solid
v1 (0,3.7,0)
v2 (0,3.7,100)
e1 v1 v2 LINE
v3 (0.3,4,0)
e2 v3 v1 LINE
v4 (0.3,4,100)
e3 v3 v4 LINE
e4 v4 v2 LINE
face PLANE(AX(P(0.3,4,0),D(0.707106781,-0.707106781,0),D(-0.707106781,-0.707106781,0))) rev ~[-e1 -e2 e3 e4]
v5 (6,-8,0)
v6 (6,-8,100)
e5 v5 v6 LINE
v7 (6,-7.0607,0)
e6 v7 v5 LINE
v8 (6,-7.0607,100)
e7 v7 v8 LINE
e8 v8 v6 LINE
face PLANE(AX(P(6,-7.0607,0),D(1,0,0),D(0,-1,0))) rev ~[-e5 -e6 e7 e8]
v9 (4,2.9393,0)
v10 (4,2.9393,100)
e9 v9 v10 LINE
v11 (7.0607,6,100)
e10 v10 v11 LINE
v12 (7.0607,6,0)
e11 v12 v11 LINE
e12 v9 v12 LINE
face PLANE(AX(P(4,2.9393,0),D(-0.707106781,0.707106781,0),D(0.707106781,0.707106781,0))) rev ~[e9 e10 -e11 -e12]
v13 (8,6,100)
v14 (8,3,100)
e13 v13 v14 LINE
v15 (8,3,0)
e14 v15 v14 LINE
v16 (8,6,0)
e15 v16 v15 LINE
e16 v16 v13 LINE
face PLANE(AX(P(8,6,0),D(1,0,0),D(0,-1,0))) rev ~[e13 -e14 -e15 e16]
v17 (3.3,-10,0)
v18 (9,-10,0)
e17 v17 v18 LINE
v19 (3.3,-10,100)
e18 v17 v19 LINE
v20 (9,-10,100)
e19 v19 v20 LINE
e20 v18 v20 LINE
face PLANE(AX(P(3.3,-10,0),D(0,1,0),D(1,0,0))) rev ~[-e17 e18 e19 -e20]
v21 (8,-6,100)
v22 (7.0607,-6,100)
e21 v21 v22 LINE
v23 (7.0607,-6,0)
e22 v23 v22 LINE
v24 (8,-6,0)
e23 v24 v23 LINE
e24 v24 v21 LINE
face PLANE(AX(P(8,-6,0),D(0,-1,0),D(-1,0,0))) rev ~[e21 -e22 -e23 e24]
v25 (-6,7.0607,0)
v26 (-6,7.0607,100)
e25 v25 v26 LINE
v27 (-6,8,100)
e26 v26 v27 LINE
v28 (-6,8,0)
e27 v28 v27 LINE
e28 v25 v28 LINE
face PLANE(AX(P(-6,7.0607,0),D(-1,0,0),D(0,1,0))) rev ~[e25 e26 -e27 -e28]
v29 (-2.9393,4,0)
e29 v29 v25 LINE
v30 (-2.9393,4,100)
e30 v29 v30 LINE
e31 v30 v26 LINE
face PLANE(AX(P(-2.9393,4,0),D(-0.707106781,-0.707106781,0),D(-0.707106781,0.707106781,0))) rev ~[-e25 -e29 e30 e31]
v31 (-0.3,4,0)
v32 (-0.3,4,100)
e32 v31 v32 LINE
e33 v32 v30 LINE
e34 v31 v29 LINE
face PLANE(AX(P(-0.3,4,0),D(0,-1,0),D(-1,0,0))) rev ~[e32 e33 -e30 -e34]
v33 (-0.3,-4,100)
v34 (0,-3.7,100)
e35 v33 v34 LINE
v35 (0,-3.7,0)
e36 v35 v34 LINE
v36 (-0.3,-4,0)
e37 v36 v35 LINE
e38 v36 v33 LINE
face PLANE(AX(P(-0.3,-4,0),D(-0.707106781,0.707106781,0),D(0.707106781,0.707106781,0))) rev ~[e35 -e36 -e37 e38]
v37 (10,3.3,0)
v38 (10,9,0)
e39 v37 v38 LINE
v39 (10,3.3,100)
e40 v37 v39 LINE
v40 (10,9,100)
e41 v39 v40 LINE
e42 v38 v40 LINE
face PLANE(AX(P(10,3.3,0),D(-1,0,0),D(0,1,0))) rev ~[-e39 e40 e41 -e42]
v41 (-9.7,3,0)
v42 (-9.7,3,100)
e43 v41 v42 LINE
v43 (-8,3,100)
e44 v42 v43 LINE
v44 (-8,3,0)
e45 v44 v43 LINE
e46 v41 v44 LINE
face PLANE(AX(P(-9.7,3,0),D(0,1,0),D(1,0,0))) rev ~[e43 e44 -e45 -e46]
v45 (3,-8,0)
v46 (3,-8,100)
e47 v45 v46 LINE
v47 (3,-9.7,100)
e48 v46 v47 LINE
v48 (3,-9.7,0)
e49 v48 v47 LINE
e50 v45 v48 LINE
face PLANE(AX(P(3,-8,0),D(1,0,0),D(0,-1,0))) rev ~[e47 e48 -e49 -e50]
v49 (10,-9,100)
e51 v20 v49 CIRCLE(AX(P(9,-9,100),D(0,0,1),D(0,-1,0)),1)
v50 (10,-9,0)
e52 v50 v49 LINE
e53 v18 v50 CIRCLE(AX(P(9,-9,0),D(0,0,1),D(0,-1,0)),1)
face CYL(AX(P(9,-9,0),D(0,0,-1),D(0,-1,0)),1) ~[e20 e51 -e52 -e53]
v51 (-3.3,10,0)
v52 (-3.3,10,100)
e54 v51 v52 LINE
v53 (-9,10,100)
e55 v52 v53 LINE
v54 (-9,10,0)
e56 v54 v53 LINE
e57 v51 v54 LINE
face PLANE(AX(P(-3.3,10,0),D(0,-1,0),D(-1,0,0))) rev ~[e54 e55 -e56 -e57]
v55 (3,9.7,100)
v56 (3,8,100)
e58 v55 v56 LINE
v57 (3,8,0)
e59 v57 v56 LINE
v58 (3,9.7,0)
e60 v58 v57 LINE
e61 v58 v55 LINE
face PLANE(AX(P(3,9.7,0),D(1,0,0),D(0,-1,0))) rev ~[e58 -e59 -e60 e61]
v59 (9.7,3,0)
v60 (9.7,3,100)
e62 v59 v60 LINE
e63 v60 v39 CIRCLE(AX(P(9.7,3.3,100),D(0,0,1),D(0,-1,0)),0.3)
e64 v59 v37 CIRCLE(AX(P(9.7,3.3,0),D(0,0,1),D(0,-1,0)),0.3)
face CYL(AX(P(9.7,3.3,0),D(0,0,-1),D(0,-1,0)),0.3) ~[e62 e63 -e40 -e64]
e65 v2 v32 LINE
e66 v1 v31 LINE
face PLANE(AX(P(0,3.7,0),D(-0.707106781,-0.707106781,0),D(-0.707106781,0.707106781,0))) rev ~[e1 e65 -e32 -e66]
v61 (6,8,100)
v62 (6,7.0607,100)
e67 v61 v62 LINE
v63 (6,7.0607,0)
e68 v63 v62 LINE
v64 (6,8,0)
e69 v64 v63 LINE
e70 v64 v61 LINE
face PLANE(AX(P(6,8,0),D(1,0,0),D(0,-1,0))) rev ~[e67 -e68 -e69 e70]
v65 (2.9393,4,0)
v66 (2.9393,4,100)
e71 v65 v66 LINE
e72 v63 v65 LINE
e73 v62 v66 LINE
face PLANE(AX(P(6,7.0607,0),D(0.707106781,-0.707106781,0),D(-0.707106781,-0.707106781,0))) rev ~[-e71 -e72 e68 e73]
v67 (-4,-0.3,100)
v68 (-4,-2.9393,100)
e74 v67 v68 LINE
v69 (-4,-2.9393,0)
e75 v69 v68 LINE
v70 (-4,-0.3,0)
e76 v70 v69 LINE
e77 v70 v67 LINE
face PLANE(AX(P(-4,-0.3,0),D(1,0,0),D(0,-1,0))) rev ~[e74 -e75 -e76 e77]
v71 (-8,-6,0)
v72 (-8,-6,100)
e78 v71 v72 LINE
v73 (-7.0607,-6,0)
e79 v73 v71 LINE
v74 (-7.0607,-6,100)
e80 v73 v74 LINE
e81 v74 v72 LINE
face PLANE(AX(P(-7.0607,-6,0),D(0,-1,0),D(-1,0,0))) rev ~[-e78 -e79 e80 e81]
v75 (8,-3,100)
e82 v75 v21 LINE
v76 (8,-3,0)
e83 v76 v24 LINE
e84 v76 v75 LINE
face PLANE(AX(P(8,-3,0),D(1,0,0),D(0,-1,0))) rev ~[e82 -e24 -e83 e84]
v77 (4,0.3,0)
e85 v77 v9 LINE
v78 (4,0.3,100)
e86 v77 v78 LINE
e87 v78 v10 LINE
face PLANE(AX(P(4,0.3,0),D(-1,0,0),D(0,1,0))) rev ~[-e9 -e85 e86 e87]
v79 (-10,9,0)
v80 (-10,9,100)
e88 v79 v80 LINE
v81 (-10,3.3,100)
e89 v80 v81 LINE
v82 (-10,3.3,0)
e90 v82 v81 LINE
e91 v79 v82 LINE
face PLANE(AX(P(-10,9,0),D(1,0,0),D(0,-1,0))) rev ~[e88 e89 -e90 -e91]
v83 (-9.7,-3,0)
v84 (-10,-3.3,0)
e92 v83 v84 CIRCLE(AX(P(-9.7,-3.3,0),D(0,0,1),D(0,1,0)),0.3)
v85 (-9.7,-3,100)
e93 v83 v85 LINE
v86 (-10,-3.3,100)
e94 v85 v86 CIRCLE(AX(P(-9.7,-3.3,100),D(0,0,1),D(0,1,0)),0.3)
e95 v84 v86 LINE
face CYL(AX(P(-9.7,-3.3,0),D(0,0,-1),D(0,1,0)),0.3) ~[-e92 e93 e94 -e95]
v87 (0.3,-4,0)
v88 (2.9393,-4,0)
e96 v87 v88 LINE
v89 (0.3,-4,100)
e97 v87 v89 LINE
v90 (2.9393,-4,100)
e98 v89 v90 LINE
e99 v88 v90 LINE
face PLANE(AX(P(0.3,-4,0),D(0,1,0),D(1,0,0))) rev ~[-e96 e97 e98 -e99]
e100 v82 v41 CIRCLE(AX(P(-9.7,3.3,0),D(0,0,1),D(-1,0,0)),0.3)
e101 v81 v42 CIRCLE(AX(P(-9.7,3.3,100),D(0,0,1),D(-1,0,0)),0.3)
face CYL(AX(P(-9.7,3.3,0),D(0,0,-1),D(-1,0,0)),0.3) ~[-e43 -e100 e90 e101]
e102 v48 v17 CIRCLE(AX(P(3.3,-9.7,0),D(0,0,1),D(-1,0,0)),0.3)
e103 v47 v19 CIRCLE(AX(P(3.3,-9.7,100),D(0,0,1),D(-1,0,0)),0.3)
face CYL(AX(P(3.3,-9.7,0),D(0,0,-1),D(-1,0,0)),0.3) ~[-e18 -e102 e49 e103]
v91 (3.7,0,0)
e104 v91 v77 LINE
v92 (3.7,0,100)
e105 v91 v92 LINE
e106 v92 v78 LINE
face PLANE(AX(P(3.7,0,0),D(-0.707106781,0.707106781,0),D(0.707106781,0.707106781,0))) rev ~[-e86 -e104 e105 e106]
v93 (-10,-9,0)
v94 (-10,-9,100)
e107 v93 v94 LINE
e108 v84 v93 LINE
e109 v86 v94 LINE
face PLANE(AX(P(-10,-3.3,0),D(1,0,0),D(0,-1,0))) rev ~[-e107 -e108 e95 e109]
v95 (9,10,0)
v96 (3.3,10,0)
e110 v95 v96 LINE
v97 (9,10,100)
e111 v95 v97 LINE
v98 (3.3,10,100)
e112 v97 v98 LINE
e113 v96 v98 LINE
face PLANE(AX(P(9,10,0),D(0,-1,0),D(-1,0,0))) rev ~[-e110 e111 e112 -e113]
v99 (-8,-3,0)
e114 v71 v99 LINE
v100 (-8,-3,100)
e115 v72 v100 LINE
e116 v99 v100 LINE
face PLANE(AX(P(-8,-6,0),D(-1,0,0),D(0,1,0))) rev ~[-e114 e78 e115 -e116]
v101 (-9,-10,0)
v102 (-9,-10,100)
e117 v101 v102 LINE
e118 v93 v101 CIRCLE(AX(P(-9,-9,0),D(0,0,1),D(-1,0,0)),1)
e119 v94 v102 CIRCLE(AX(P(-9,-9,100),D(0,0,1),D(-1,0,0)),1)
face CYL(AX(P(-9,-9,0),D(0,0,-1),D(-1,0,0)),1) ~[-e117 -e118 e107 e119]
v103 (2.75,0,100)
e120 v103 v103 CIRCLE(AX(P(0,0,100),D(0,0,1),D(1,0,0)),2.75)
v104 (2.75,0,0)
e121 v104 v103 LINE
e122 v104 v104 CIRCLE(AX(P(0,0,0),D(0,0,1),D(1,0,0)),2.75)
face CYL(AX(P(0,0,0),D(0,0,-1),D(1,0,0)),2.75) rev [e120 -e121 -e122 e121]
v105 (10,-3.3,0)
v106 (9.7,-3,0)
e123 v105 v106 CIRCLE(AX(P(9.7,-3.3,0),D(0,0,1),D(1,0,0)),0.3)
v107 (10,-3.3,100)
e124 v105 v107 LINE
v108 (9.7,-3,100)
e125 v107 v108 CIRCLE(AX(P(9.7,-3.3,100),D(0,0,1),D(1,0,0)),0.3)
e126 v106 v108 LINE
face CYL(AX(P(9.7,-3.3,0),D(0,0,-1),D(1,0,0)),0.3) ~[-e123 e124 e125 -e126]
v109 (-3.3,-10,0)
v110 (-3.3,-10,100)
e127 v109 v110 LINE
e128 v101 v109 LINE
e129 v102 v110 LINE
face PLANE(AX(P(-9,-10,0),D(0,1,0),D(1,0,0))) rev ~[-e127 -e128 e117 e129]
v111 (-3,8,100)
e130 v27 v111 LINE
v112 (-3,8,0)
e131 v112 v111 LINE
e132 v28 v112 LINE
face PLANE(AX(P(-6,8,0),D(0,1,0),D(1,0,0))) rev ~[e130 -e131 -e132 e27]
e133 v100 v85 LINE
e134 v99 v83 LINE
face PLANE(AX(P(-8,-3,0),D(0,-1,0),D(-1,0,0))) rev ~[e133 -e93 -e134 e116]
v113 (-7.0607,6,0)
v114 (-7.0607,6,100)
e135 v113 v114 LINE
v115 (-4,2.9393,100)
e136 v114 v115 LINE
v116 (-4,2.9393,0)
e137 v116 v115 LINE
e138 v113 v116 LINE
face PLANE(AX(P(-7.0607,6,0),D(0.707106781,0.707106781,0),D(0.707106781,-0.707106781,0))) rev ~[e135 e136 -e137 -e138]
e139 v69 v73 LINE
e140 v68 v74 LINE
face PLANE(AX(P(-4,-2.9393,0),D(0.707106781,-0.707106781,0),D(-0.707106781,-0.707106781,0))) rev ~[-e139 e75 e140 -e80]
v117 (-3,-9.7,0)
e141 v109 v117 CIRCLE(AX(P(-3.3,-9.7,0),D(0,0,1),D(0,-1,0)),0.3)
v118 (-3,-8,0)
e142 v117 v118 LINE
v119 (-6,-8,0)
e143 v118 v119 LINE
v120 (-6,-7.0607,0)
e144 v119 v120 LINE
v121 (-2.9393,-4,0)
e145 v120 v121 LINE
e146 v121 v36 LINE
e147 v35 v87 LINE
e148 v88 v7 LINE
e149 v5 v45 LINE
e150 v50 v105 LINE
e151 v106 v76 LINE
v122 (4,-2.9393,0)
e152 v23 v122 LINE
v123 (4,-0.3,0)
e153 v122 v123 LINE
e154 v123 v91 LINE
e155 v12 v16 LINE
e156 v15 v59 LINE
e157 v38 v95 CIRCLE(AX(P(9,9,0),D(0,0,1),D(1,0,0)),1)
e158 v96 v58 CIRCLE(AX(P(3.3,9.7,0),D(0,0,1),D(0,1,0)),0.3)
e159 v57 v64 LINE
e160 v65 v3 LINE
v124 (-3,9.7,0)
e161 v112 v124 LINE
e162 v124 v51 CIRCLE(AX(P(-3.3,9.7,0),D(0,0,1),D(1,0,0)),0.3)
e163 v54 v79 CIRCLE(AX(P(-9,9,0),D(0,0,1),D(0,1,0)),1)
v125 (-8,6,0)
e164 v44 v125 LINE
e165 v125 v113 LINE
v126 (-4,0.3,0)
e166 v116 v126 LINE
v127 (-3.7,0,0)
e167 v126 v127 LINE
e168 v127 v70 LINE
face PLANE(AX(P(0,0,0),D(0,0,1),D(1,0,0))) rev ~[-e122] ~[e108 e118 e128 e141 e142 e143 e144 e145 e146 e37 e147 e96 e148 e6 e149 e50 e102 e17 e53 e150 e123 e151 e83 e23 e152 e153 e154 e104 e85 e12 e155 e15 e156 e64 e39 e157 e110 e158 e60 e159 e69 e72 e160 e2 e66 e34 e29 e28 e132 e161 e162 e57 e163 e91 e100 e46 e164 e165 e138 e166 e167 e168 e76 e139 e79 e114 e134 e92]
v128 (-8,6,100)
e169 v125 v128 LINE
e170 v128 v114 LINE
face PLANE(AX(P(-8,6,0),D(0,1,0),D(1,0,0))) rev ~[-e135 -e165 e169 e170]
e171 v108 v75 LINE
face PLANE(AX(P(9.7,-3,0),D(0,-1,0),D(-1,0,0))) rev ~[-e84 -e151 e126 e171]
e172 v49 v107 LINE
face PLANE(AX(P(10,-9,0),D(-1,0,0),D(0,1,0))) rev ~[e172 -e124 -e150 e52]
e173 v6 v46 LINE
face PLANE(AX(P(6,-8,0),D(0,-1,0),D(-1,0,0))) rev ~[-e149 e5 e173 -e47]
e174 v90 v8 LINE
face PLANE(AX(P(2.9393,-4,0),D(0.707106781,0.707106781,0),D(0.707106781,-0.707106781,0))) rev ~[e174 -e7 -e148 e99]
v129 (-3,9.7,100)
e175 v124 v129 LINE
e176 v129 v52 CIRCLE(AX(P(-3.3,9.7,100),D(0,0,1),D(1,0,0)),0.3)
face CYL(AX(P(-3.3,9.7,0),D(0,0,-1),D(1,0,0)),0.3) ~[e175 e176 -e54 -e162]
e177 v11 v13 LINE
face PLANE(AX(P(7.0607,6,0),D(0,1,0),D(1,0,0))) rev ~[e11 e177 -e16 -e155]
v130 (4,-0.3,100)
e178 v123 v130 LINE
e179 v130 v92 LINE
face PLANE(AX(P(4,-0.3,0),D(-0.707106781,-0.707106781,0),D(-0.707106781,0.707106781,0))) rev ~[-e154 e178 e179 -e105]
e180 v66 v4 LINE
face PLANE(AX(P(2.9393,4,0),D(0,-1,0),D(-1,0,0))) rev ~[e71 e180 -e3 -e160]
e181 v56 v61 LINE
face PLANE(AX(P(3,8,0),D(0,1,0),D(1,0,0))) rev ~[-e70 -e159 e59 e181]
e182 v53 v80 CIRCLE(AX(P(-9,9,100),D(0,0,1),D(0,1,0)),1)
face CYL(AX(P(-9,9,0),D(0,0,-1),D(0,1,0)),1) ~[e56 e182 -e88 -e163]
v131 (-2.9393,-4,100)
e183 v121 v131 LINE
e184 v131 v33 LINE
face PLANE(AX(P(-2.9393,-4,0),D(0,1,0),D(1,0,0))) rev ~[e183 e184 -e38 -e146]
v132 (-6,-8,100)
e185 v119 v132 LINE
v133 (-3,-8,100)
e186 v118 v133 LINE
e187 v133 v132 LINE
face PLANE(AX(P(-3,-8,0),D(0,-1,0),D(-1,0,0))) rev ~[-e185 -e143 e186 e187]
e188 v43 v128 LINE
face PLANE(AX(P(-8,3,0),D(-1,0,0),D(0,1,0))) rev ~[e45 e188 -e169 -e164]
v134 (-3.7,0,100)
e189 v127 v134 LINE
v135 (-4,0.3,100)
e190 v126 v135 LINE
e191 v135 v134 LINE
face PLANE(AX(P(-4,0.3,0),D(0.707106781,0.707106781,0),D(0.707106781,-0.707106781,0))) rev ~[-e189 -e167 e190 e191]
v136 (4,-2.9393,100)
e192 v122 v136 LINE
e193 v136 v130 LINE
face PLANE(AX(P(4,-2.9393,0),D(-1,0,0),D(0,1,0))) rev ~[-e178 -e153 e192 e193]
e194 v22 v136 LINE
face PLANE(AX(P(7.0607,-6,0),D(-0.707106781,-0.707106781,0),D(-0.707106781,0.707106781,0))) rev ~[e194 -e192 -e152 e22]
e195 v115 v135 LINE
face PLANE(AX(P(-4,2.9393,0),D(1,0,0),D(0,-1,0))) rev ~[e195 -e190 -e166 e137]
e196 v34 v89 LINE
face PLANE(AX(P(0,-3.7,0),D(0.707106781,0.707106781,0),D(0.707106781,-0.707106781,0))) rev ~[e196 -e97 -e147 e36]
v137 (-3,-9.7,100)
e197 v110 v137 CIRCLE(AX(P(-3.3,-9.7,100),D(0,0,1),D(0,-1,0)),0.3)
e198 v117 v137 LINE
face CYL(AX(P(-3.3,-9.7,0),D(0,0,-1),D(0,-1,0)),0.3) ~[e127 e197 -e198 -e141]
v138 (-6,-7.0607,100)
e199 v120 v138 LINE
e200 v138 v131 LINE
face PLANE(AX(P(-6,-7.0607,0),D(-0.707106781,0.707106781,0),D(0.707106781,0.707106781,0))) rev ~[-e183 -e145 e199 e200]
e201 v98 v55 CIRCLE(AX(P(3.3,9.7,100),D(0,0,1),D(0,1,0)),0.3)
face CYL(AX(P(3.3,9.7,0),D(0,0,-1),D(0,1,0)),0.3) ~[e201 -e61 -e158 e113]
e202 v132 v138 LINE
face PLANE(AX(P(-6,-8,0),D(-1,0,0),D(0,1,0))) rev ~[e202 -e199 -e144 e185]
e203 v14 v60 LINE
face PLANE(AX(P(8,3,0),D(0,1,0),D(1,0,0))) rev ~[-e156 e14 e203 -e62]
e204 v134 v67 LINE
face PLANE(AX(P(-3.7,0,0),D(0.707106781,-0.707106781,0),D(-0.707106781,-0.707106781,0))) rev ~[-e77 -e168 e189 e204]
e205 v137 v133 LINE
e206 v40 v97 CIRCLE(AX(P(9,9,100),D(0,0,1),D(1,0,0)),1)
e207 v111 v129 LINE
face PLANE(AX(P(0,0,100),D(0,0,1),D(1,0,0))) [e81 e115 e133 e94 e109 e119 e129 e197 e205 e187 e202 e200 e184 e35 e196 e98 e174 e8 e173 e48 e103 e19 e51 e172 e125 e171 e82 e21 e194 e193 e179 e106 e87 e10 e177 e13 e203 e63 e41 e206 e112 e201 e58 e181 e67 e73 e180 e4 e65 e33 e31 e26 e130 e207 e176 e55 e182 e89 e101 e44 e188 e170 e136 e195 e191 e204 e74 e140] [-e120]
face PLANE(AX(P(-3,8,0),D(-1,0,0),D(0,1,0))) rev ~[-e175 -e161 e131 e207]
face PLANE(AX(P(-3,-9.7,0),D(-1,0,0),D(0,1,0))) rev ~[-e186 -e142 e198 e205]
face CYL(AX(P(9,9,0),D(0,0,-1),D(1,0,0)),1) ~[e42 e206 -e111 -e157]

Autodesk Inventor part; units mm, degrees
ref_plane "Startebene" through (0, 0, 0) normal (0, 0, 1) x (1, 0, 0)
ref_plane "Endebene" through (0, 0, 320) normal (0, 0, 1) x (1, 0, 0)
ref_plane "Startebene1" through (0, 0, 0) normal (0, 0, 1) x (1, 0, 0)
ref_plane "Endebene1" through (0, 0, 40) normal (0, 0, 1) x (1, 0, 0)
ref_plane "Startebene2" through (0, 0, 0) normal (0, 0, 1) x (1, 0, 0)
ref_plane "Endebene2" through (0, 0, 40) normal (0, 0, 1) x (1, 0, 0)
ref_plane "Startebene3" through (0, 0, 0) normal (0, 0, 1) x (1, 0, 0)
ref_plane "Endebene3" through (0, 0, 100) normal (0, 0, 1) x (1, 0, 0)
sketch "Skizze" plane through (0, 0, 0) normal (0, 0, 1) x (1, 0, 0)
  line L0 (-10, 9) -> (-10, 3.3)
  arc A0 (-10, 3.3) -> (-9.7, 3) centre (-9.7, 3.3) ccw
  line L1 (-9.7, 3) -> (-8, 3)
  line L2 (-8, 3) -> (-8, 6)
  line L3 (-8, 6) -> (-7.0607, 6)
  line L4 (-7.0607, 6) -> (-4, 2.9393)
  line L5 (-4, 2.9393) -> (-4, 0.3)
  line L6 (-4, 0.3) -> (-3.7, 0)
  line L7 (-3.7, 0) -> (-4, -0.3)
  line L8 (-4, -0.3) -> (-4, -2.9393)
  line L9 (-4, -2.9393) -> (-7.0607, -6)
  line L10 (-7.0607, -6) -> (-8, -6)
  line L11 (-8, -6) -> (-8, -3)
  line L12 (-8, -3) -> (-9.7, -3)
  arc A1 (-9.7, -3) -> (-10, -3.3) centre (-9.7, -3.3) ccw
  line L13 (-10, -3.3) -> (-10, -9)
  arc A2 (-10, -9) -> (-9, -10) centre (-9, -9) ccw
  line L14 (-9, -10) -> (-3.3, -10)
  arc A3 (-3.3, -10) -> (-3, -9.7) centre (-3.3, -9.7) ccw
  line L15 (-3, -9.7) -> (-3, -8)
  line L16 (-3, -8) -> (-6, -8)
  line L17 (-6, -8) -> (-6, -7.0607)
  line L18 (-6, -7.0607) -> (-2.9393, -4)
  line L19 (-2.9393, -4) -> (-0.3, -4)
  line L20 (-0.3, -4) -> (0, -3.7)
  line L21 (0, -3.7) -> (0.3, -4)
  line L22 (0.3, -4) -> (2.9393, -4)
  line L23 (2.9393, -4) -> (6, -7.0607)
  line L24 (6, -7.0607) -> (6, -8)
  line L25 (6, -8) -> (3, -8)
  line L26 (3, -8) -> (3, -9.7)
  arc A4 (3, -9.7) -> (3.3, -10) centre (3.3, -9.7) ccw
  line L27 (3.3, -10) -> (9, -10)
  arc A5 (9, -10) -> (10, -9) centre (9, -9) ccw
  line L28 (10, -9) -> (10, -3.3)
  arc A6 (10, -3.3) -> (9.7, -3) centre (9.7, -3.3) ccw
  line L29 (9.7, -3) -> (8, -3)
  line L30 (8, -3) -> (8, -6)
  line L31 (8, -6) -> (7.0607, -6)
  line L32 (7.0607, -6) -> (4, -2.9393)
  line L33 (4, -2.9393) -> (4, -0.3)
  line L34 (4, -0.3) -> (3.7, 0)
  line L35 (3.7, 0) -> (4, 0.3)
  line L36 (4, 0.3) -> (4, 2.9393)
  line L37 (4, 2.9393) -> (7.0607, 6)
  line L38 (7.0607, 6) -> (8, 6)
  line L39 (8, 6) -> (8, 3)
  line L40 (8, 3) -> (9.7, 3)
  arc A7 (9.7, 3) -> (10, 3.3) centre (9.7, 3.3) ccw
  line L41 (10, 3.3) -> (10, 9)
  arc A8 (10, 9) -> (9, 10) centre (9, 9) ccw
  line L42 (9, 10) -> (3.3, 10)
  arc A9 (3.3, 10) -> (3, 9.7) centre (3.3, 9.7) ccw
  line L43 (3, 9.7) -> (3, 8)
  line L44 (3, 8) -> (6, 8)
  line L45 (6, 8) -> (6, 7.0607)
  line L46 (6, 7.0607) -> (2.9393, 4)
  line L47 (2.9393, 4) -> (0.3, 4)
  line L48 (0.3, 4) -> (0, 3.7)
  line L49 (0, 3.7) -> (-0.3, 4)
  line L50 (-0.3, 4) -> (-2.9393, 4)
  line L51 (-2.9393, 4) -> (-6, 7.0607)
  line L52 (-6, 7.0607) -> (-6, 8)
  line L53 (-6, 8) -> (-3, 8)
  line L54 (-3, 8) -> (-3, 9.7)
  arc A10 (-3, 9.7) -> (-3.3, 10) centre (-3.3, 9.7) ccw
  line L55 (-3.3, 10) -> (-9, 10)
  arc A11 (-9, 10) -> (-10, 9) centre (-9, 9) ccw
  circle A12 centre (0, 0) radius 2.75
  dimension "d2" = 5.5
  dimension "d3" = 10
  dimension "d4" = 10
  dimension "d5" = 5.7
  dimension "d6" = 5.7
  dimension "d7" = 1.7
  dimension "d8" = 3
  dimension "d9" = 0.3
  dimension "d10" = 90
  dimension "d11" = 45
  dimension "d12" = 45
  dimension "d13" = 45
  dimension "d14" = 90
  dimension "d15" = 90
  dimension "d16" = 45
  dimension "d17" = 45
  dimension "d18" = 45
  dimension "d19" = 45
  dimension "d20" = 90
  dimension "d21" = 90
  dimension "d22" = 45
  dimension "d23" = 45
  dimension "d24" = 90
  dimension "d25" = 90
  dimension "d26" = 90
  dimension "d27" = 90
  dimension "d28" = 90
  dimension "d29" = 90
  dimension "d30" = 90
  dimension "d31" = 90
  dimension "d32" = 90
  dimension "d33" = 90
  dimension "d34" = 90
  dimension "d35" = 90
  dimension "d36" = 90
  dimension "d37" = 90
  dimension "d38" = 90
  dimension "d39" = 4
  dimension "d40" = 6
  dimension "d41" = 13
  dimension "d42" = 14
  dimension "d43" = 16
  dimension "d44" = 18
  dimension "d45" = 3
  dimension "d46" = 9
  dimension "d47" = 7
  dimension "d48" = 1
  dimension "d49" = 7
  dimension "d50" = 1.5
  dimension "d51" = 1.8663
  dimension "d52" = 3.3663
  dimension "d53" = 1.5
  dimension "d54" = 1.8663
  dimension "d55" = 3.3663
  dimension "d56" = 4
  dimension "d57" = 10.8187
  dimension "d58" = 1.9092
  dimension "d59" = 5
  dimension "d60" = 13
  dimension "d61" = 13
  dimension "d62" = 16.0513
  dimension "d63" = 3.3234
  dimension "d64" = 14
  dimension "d65" = 12.685
extrude "Körper" add sketch "Skizze" along normal up to surface (100 mm away) from surface at 0
sketch "Skizze21" plane through (0, 0, 0) normal (0, 0, 1) x (1, 0, 0)
  line L0 (0, 0) -> (10, 0)
ref_plane "Arbeitsebene18" through (0, 0, 0) normal (0, -1, 0) x (1, 0, 0)
sketch "Skizze22" plane through (0, 0, 0) normal (0, -1, 0) x (1, 0, 0)
  line L0 (-2, 0) -> (12, 0)
  line L1 (-2, 100) -> (12, 100)
  dimension "d80" = 100
equation "\"G_OFFSET_START\" = 0"
equation "\"G_OFFSET_END\" = 0"
equation "\"G_L\" = d80"
equation "\"G_OFFSET_START1\" = 0"
equation "\"G_OFFSET_END1\" = 0"
equation "\"G_OFFSET_START2\" = 0"
equation "\"G_OFFSET_END2\" = 0"
equation "\"G_OFFSET_START3\" = 0"
equation "\"G_OFFSET_END3\" = 0"
properties part number "Alu Profil 20x20 - AP2020"
